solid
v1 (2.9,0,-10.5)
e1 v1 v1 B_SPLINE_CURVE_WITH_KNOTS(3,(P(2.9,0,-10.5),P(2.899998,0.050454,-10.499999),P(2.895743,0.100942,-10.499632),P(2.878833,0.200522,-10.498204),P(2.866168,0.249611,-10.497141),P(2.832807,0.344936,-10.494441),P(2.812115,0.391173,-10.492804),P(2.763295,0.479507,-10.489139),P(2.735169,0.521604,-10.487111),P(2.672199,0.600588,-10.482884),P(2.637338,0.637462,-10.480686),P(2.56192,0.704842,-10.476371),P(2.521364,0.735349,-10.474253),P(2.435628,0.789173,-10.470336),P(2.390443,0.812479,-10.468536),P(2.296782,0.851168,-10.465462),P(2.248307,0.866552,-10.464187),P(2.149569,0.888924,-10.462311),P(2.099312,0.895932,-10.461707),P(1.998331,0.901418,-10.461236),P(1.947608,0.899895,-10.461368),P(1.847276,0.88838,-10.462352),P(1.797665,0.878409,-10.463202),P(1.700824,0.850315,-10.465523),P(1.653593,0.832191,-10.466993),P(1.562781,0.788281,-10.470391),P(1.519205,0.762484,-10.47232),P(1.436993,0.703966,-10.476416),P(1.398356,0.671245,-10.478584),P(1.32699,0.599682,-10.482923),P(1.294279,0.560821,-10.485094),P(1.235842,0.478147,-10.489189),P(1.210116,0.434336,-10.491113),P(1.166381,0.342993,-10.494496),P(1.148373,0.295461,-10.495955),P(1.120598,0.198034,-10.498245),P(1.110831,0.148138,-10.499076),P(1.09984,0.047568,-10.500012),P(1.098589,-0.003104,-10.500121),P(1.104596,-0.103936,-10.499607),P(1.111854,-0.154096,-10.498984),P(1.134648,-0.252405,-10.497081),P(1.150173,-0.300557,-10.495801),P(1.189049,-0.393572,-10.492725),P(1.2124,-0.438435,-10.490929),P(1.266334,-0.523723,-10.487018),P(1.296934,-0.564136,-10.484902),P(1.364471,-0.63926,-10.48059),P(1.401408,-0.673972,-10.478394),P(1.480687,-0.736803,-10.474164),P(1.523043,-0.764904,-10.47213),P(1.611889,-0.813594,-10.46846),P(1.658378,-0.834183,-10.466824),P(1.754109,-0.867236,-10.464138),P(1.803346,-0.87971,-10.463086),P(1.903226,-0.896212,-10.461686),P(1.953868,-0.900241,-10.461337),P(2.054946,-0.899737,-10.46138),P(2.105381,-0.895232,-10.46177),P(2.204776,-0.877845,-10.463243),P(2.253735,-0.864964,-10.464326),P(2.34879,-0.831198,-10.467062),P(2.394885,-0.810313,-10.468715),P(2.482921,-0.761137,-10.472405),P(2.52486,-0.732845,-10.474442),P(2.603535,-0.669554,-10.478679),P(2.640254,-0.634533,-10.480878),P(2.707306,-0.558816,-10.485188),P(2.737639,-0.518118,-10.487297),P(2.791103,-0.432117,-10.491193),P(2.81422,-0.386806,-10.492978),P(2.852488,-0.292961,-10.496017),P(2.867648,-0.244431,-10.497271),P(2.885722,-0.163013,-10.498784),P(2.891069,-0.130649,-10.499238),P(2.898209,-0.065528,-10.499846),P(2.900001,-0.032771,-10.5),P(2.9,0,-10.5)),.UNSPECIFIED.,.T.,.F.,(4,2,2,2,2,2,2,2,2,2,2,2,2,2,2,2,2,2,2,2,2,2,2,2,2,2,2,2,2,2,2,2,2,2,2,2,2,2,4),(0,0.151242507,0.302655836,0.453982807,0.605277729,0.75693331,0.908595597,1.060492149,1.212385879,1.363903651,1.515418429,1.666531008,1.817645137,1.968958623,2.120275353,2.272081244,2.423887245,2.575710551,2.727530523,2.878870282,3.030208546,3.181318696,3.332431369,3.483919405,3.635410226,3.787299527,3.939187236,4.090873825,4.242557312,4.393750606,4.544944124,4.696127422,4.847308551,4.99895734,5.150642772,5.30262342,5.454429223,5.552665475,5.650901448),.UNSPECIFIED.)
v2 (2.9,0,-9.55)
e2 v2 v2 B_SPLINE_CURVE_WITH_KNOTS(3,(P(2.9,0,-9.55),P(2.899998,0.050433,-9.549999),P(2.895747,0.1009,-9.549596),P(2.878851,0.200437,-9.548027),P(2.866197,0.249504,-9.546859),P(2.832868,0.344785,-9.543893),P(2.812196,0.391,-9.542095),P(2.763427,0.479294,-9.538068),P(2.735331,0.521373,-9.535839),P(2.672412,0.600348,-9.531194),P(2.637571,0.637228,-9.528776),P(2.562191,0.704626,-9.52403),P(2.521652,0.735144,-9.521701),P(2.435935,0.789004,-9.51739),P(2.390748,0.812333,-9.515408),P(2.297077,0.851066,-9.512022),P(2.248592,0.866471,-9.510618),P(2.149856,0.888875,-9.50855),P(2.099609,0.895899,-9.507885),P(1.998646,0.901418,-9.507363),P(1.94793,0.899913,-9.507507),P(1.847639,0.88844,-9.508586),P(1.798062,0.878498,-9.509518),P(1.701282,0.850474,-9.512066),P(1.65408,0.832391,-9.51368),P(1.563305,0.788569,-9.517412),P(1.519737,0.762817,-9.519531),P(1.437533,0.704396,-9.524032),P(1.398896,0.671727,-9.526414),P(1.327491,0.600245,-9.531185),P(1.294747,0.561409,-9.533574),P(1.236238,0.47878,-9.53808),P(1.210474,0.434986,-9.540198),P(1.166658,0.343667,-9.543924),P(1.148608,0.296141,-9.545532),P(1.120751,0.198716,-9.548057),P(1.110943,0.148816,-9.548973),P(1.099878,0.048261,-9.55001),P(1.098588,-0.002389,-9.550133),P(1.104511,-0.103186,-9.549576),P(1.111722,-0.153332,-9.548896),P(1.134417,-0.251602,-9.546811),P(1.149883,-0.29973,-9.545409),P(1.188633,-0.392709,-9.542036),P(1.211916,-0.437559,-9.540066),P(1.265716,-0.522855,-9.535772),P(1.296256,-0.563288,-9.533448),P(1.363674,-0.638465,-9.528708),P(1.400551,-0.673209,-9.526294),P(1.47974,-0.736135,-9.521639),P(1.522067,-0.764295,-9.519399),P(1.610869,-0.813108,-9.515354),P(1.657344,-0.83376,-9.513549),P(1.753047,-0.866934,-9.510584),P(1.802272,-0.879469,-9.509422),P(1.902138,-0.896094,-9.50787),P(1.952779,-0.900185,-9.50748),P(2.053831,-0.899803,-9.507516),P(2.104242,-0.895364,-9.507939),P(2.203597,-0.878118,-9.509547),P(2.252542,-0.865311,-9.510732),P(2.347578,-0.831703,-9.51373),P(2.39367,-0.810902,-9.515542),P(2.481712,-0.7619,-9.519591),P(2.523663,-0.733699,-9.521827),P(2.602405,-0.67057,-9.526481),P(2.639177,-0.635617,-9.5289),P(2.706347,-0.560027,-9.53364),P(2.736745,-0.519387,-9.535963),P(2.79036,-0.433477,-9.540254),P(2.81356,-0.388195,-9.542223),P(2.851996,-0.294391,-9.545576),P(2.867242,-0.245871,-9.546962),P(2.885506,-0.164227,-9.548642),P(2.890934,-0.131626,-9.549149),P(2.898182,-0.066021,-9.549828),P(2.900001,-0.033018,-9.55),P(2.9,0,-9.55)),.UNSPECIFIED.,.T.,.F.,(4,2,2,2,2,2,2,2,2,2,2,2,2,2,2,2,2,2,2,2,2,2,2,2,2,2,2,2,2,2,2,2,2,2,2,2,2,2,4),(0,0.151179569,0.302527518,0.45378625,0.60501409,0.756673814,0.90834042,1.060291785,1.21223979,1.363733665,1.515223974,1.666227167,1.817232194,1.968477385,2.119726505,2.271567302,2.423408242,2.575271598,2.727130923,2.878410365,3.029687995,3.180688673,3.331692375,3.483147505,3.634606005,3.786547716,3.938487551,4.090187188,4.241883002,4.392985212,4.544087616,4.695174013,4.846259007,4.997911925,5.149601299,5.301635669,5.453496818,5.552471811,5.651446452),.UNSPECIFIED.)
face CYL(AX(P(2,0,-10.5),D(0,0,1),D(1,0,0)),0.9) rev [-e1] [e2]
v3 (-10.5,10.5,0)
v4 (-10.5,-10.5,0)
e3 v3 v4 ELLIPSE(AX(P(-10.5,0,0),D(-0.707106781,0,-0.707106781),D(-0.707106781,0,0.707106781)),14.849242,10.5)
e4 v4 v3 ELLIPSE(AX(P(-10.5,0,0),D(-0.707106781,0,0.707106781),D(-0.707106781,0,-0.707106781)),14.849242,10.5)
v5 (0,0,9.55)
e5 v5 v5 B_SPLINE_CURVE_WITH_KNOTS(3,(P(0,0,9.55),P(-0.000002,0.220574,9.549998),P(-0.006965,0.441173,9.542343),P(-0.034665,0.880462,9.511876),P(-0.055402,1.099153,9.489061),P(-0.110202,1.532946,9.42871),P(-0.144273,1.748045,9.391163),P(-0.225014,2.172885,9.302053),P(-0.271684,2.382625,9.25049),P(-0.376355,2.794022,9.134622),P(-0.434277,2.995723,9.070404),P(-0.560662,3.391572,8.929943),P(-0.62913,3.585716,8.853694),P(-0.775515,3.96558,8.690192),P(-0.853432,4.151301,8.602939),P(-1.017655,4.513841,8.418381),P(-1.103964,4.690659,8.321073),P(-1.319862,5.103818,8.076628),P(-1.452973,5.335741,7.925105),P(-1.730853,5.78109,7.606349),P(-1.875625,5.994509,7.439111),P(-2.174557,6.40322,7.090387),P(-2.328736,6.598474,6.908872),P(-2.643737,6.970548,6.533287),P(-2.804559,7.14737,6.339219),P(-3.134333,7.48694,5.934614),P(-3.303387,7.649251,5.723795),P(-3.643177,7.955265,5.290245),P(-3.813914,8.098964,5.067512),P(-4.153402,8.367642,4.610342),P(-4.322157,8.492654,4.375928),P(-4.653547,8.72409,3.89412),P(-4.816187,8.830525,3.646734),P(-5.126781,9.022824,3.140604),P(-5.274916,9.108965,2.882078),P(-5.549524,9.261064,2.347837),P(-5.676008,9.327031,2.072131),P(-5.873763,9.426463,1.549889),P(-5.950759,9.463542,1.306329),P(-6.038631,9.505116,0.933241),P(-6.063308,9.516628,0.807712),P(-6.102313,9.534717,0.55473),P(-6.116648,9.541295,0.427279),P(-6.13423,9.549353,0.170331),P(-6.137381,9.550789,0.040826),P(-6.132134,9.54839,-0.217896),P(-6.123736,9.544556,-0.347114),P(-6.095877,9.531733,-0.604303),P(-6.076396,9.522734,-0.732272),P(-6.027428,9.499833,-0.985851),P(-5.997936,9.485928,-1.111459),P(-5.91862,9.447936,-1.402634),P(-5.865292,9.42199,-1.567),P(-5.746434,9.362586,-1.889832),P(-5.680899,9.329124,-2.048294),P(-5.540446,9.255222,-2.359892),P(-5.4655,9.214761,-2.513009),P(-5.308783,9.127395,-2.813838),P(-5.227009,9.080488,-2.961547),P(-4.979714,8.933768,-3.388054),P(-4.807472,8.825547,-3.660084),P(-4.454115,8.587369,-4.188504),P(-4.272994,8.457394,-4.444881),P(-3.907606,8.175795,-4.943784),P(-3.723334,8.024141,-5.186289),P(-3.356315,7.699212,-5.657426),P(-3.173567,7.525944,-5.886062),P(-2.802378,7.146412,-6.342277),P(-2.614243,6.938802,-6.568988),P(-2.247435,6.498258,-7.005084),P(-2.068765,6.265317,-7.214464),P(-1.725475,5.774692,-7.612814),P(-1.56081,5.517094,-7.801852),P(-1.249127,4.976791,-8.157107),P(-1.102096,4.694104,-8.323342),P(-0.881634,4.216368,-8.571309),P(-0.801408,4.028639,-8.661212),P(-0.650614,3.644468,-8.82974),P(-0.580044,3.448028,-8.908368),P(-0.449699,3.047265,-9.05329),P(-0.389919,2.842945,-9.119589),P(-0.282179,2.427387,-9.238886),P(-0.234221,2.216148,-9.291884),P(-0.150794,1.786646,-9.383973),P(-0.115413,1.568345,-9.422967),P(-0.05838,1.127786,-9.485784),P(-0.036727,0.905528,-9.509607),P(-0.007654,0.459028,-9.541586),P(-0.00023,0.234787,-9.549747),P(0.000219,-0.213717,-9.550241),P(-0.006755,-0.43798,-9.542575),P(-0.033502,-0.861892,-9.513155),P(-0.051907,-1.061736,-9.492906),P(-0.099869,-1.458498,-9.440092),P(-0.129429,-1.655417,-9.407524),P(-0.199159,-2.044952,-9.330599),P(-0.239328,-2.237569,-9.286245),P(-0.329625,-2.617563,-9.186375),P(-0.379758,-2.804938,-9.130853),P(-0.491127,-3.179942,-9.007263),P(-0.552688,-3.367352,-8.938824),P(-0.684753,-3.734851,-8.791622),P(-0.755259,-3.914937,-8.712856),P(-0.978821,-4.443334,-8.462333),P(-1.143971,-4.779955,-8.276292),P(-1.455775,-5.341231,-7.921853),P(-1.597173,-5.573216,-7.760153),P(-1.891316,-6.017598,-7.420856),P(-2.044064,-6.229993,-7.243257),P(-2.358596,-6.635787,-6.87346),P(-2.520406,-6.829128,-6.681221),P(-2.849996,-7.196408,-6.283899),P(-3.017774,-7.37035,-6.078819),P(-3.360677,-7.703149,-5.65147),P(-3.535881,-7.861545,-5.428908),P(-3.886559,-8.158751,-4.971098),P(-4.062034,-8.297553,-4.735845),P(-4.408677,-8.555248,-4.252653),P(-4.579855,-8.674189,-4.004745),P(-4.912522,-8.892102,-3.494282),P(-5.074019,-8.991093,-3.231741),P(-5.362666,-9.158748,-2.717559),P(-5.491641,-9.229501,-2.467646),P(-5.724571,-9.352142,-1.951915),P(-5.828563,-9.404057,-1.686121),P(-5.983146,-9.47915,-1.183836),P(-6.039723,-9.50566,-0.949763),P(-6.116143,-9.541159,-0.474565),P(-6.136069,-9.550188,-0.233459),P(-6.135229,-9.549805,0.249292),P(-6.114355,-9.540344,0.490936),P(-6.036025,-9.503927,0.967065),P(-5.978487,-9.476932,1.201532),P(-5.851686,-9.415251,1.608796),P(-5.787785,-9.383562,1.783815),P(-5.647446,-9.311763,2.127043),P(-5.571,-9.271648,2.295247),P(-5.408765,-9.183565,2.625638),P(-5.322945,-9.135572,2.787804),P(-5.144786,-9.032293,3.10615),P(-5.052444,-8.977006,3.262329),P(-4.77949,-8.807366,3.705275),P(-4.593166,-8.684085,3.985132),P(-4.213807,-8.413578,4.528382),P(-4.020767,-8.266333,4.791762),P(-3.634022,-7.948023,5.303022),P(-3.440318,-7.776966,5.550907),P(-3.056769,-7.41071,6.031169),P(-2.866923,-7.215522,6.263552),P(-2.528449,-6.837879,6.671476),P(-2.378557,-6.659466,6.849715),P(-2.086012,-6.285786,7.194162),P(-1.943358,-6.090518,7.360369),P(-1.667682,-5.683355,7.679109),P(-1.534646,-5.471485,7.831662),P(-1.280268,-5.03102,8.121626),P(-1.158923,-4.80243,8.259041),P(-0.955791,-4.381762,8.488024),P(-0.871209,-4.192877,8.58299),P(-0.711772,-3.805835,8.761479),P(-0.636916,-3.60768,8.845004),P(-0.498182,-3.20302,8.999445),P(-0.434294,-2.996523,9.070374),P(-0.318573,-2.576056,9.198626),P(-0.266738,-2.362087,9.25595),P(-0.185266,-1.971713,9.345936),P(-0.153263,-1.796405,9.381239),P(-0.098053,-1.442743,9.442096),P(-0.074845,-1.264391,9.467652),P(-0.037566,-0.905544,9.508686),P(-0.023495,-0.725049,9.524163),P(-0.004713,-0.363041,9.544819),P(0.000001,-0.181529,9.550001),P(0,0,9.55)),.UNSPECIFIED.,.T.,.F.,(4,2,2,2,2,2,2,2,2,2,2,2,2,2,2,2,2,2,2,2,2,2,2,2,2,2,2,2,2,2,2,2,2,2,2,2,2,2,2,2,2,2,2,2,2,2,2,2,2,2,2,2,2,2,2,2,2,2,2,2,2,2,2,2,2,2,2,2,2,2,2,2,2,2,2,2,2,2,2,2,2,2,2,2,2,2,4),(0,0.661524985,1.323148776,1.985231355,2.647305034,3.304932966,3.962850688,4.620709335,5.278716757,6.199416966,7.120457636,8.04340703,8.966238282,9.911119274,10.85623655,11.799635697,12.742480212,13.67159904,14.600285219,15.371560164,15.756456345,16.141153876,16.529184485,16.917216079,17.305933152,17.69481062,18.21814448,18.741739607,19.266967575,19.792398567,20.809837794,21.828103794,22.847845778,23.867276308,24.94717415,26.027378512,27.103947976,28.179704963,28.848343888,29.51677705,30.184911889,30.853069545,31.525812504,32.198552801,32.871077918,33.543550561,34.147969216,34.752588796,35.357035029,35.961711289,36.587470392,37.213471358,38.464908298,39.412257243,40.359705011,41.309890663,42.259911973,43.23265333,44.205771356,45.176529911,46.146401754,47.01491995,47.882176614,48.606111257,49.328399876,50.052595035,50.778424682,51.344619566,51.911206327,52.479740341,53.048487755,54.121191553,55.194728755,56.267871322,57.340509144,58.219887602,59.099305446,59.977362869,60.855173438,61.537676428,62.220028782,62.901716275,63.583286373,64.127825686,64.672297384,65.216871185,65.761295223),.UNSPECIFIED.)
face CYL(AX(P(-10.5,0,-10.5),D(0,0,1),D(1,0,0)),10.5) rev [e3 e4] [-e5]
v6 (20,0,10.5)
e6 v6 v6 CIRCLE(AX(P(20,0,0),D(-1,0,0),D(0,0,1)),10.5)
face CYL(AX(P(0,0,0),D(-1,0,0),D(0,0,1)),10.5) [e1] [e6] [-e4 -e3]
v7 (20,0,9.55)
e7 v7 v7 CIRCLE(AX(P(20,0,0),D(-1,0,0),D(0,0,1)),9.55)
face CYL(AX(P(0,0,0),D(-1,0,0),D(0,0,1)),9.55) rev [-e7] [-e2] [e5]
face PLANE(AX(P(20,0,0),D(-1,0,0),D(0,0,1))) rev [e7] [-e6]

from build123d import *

# Parameters (mm, degrees)
CUT_EXTRUDE1_DEPTH      = 25.909837414
CUT_EXTRUDE1_DEPTH_BACK = 25.909837414
SKETCH2_R               = 0.9
CUT_EXTRUDE2_DEPTH      = 25.909837579


with BuildPart() as part:
    # Sketch1 → Revolve1 (revolve)
    with BuildSketch(Plane.XY):
        with BuildLine():
            Line((20, 10.5), (-10.5, 10.5))
            ThreePointArc((-10.5, 10.5), (-8.266728857, 10.259751459), (-6.135655834, 9.55))
            Line((-6.135655834, 9.55), (20, 9.55))
            Line((20, 9.55), (20, 10.5))
        make_face()
    revolve(axis=Axis((0, 0, 0), (1, 0, 0)))

    # Sketch1<3> → Cut-Extrude1 (cut, two sides: drawn at the far end of the back side and taken through both)
    with BuildSketch(Plane.XY.offset(-CUT_EXTRUDE1_DEPTH_BACK)):
        with BuildLine():
            ThreePointArc((-10.5, -10.5), (0, 0), (-10.5, 10.5))
            Line((-10.5, 10.5), (-10.5, -10.5))
        make_face()
    extrude(amount=CUT_EXTRUDE1_DEPTH + CUT_EXTRUDE1_DEPTH_BACK, mode=Mode.SUBTRACT)

    # Sketch2 → Cut-Extrude2 (cut, through all)
    with BuildSketch(Plane.XY):
        with Locations((2, 0)):
            Circle(SKETCH2_R)
    extrude(amount=-CUT_EXTRUDE2_DEPTH, mode=Mode.SUBTRACT)


solid = part.part
